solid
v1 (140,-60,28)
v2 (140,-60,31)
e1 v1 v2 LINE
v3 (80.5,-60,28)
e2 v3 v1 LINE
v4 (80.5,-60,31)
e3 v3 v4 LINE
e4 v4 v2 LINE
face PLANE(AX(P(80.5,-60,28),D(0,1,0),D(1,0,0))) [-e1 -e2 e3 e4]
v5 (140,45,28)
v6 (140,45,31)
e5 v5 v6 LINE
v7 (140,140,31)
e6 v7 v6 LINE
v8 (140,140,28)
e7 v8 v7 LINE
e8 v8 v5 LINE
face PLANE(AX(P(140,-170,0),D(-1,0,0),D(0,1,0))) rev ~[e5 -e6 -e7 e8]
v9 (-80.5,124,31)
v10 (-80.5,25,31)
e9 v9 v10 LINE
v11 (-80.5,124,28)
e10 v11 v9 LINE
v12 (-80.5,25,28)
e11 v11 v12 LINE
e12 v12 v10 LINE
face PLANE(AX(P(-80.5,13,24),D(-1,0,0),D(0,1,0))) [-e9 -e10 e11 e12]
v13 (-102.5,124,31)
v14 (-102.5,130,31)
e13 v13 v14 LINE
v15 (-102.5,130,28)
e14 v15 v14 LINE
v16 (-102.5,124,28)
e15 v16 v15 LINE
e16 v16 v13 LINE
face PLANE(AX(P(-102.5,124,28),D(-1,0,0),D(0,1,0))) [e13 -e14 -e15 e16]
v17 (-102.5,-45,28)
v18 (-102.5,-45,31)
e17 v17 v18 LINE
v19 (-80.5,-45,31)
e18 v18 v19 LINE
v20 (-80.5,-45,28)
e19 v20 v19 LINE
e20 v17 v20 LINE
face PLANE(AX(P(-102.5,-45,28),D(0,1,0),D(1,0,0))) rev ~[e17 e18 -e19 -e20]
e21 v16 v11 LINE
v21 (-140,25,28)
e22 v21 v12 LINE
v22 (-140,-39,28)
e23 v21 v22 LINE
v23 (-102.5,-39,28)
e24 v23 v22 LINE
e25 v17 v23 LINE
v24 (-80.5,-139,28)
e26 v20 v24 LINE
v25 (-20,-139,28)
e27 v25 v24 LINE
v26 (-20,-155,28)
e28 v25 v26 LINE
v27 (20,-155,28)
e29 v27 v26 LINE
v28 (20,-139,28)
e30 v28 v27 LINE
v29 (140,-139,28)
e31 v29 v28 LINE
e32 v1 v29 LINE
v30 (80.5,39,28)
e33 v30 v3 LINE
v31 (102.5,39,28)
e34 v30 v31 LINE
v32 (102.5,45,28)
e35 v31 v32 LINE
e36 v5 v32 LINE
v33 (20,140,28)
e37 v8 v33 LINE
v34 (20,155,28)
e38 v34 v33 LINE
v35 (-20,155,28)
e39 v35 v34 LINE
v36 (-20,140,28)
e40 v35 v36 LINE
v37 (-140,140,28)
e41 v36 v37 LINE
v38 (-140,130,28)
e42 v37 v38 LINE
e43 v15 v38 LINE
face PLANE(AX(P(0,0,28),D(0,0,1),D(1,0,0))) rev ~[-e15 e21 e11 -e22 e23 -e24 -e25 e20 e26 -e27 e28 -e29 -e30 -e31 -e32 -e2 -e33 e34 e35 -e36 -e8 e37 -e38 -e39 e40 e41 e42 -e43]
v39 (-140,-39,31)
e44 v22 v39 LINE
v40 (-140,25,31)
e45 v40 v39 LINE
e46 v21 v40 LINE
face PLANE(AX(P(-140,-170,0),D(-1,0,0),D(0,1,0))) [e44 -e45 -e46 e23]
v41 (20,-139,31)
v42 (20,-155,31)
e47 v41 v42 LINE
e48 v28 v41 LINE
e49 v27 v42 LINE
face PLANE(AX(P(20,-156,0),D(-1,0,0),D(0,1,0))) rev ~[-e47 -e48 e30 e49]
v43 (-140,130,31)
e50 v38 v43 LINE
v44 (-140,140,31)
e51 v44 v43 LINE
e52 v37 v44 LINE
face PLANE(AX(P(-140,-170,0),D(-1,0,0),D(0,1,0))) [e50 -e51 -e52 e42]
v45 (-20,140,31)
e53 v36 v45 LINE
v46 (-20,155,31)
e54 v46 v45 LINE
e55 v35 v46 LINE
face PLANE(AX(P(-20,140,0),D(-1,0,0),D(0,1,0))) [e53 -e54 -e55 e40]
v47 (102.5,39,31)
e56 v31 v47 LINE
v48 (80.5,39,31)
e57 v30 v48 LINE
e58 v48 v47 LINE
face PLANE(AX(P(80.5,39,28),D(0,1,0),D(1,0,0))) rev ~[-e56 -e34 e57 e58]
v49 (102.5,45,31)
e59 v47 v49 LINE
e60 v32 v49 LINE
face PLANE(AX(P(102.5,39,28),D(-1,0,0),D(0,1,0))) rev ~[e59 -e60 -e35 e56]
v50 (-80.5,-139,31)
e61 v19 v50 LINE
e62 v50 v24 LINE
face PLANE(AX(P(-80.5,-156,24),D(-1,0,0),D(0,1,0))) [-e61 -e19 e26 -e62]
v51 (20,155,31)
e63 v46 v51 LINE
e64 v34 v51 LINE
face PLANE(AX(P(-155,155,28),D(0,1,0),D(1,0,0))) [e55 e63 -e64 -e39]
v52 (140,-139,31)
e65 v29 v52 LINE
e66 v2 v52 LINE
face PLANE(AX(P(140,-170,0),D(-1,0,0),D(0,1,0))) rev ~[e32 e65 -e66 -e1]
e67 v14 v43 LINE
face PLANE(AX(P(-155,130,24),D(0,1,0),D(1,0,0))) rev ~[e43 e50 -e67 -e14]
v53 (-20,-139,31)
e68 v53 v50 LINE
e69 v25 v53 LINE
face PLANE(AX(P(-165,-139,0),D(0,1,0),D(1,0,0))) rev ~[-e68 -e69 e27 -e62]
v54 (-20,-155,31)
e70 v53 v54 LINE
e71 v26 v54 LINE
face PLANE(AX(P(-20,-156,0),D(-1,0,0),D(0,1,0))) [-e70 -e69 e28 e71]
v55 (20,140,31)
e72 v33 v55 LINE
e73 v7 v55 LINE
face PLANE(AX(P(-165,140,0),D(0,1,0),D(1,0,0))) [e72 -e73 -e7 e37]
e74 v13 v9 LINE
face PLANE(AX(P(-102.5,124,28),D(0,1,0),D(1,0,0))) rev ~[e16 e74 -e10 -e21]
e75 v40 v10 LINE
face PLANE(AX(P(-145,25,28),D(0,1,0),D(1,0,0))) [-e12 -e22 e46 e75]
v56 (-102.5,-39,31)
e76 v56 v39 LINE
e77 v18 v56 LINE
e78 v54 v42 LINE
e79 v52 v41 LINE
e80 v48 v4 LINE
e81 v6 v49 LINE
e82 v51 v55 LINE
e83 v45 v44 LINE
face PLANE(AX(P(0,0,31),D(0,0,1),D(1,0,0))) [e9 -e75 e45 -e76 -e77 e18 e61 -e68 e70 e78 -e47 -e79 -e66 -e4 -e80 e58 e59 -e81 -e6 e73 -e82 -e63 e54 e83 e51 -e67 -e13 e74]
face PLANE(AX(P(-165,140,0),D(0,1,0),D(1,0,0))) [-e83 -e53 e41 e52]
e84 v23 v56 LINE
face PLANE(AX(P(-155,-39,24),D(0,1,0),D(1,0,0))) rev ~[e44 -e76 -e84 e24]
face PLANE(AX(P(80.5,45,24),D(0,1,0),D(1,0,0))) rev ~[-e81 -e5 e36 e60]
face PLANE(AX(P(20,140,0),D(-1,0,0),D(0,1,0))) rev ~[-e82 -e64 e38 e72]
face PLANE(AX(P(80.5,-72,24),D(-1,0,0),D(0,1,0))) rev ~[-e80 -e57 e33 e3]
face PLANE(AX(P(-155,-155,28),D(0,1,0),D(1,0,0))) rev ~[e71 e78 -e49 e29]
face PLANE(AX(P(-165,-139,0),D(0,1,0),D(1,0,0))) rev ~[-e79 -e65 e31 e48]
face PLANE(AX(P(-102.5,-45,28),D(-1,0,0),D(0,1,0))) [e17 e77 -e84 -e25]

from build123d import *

# Parameters (mm, degrees)
BOX032_W     = 40
BOX032_H     = 17
BOX032_DEPTH = 40
BOX033_W     = 40
BOX033_H     = 17
BOX033_DEPTH = 40
BOX029_W     = 330
BOX029_H     = 20
BOX029_DEPTH = 40
BOX030_W     = 30
BOX030_H     = 330
BOX030_DEPTH = 40
BOX031_W     = 30
BOX031_H     = 330
BOX031_DEPTH = 40
BOX028_W     = 330
BOX028_H     = 20
BOX028_DEPTH = 40
BOX009_W     = 64.5
BOX009_H     = 12
BOX009_DEPTH = 3
BOX008_W     = 64.5
BOX008_H     = 10
BOX008_DEPTH = 3
BOX007_W     = 22
BOX007_H     = 6
BOX007_DEPTH = 3
BOX006_W     = 22
BOX006_H     = 6
BOX006_DEPTH = 3
BOX005_W     = 22
BOX005_H     = 6
BOX005_DEPTH = 3
BOX004_W     = 74.5
BOX004_H     = 117
BOX004_DEPTH = 10
BOX003_W     = 74.5
BOX003_H     = 117
BOX003_DEPTH = 10
BOX002_W     = 74.5
BOX002_H     = 117
BOX002_DEPTH = 10
BOX_W        = 310
BOX_H        = 310
BOX_DEPTH    = 3
BOX010_W     = 64.5
BOX010_H     = 12
BOX010_DEPTH = 3


with BuildPart() as cube031:
    # Box032 → Box032 (new body)
    with BuildSketch(Plane(origin=(-20, 140, 0), x_dir=(1, 0, 0), z_dir=(0, 0, 1))):
        with Locations((20, 8.5)):
            Rectangle(BOX032_W, BOX032_H)
    extrude(amount=BOX032_DEPTH)


with BuildPart() as fusion001010002020:
    # Box033 → Box033 (new body)
    with BuildSketch(Plane(origin=(-20, -156, 0), x_dir=(1, 0, 0), z_dir=(0, 0, 1))):
        with Locations((20, 8.5)):
            Rectangle(BOX033_W, BOX033_H)
    extrude(amount=BOX033_DEPTH)

    # Fusion001010002020: union Cube031
    add(cube031.part)


with BuildPart() as cube028:
    # Box029 → Box029 (new body)
    with BuildSketch(Plane(origin=(-165, -159, 0), x_dir=(1, 0, 0), z_dir=(0, 0, 1))):
        with Locations((165, 10)):
            Rectangle(BOX029_W, BOX029_H)
    extrude(amount=BOX029_DEPTH)


with BuildPart() as cube029:
    # Box030 → Box030 (new body)
    with BuildSketch(Plane(origin=(-170, -170, 0), x_dir=(1, 0, 0), z_dir=(0, 0, 1))):
        with Locations((15, 165)):
            Rectangle(BOX030_W, BOX030_H)
    extrude(amount=BOX030_DEPTH)


with BuildPart() as cube030:
    # Box031 → Box031 (new body)
    with BuildSketch(Plane(origin=(140, -170, 0), x_dir=(1, 0, 0), z_dir=(0, 0, 1))):
        with Locations((15, 165)):
            Rectangle(BOX031_W, BOX031_H)
    extrude(amount=BOX031_DEPTH)


with BuildPart() as cut007:
    # Box028 → Box028 (new body)
    with BuildSketch(Plane(origin=(-165, 140, 0), x_dir=(1, 0, 0), z_dir=(0, 0, 1))):
        with Locations((165, 10)):
            Rectangle(BOX028_W, BOX028_H)
    extrude(amount=BOX028_DEPTH)

    # Fusion001010002021: union Cube028, Cube029, Cube030
    add(cube028.part)
    add(cube029.part)
    add(cube030.part)

    # Cut007: cut Fusion001010002020
    add(fusion001010002020.part, mode=Mode.SUBTRACT)


with BuildPart() as cube008:
    # Box009 → Box009 (new body)
    with BuildSketch(Plane(origin=(80.5, -72, 28), x_dir=(1, 0, 0), z_dir=(0, 0, 1))):
        with Locations((32.25, 6)):
            Rectangle(BOX009_W, BOX009_H)
    extrude(amount=BOX009_DEPTH)


with BuildPart() as cube007:
    # Box008 → Box008 (new body)
    with BuildSketch(Plane(origin=(-145, -155, 28), x_dir=(1, 0, 0), z_dir=(0, 0, 1))):
        with Locations((32.25, 5)):
            Rectangle(BOX008_W, BOX008_H)
    extrude(amount=BOX008_DEPTH)


with BuildPart() as cube006:
    # Box007 → Box007 (new body)
    with BuildSketch(Plane(origin=(-102.5, 124, 28), x_dir=(1, 0, 0), z_dir=(0, 0, 1))):
        with Locations((11, 3)):
            Rectangle(BOX007_W, BOX007_H)
    extrude(amount=BOX007_DEPTH)


with BuildPart() as cube005:
    # Box006 → Box006 (new body)
    with BuildSketch(Plane(origin=(80.5, 39, 28), x_dir=(1, 0, 0), z_dir=(0, 0, 1))):
        with Locations((11, 3)):
            Rectangle(BOX006_W, BOX006_H)
    extrude(amount=BOX006_DEPTH)


with BuildPart() as cube004:
    # Box005 → Box005 (new body)
    with BuildSketch(Plane(origin=(-102.5, -45, 28), x_dir=(1, 0, 0), z_dir=(0, 0, 1))):
        with Locations((11, 3)):
            Rectangle(BOX005_W, BOX005_H)
    extrude(amount=BOX005_DEPTH)


with BuildPart() as cube003:
    # Box004 → Box004 (new body)
    with BuildSketch(Plane(origin=(-155, 13, 24), x_dir=(1, 0, 0), z_dir=(0, 0, 1))):
        with Locations((37.25, 58.5)):
            Rectangle(BOX004_W, BOX004_H)
    extrude(amount=BOX004_DEPTH)


with BuildPart() as cube002:
    # Box003 → Box003 (new body)
    with BuildSketch(Plane(origin=(-155, -156, 24), x_dir=(1, 0, 0), z_dir=(0, 0, 1))):
        with Locations((37.25, 58.5)):
            Rectangle(BOX003_W, BOX003_H)
    extrude(amount=BOX003_DEPTH)


with BuildPart() as fusion:
    # Box002 → Box002 (new body)
    with BuildSketch(Plane(origin=(80.5, -72, 24), x_dir=(1, 0, 0), z_dir=(0, 0, 1))):
        with Locations((37.25, 58.5)):
            Rectangle(BOX002_W, BOX002_H)
    extrude(amount=BOX002_DEPTH)

    # Fusion: union Cube003, Cube002
    add(cube003.part)
    add(cube002.part)


with BuildPart() as cut:
    # Box → Box (new body)
    with BuildSketch(Plane(origin=(-155, -155, 28), x_dir=(1, 0, 0), z_dir=(0, 0, 1))):
        with Locations((155, 155)):
            Rectangle(BOX_W, BOX_H)
    extrude(amount=BOX_DEPTH)

    # Cut: cut Fusion
    add(fusion.part, mode=Mode.SUBTRACT)


with BuildPart() as cut008:
    # Box010 → Box010 (new body)
    with BuildSketch(Plane(origin=(-145, 13, 28), x_dir=(1, 0, 0), z_dir=(0, 0, 1))):
        with Locations((32.25, 6)):
            Rectangle(BOX010_W, BOX010_H)
    extrude(amount=BOX010_DEPTH)

    # Fusion001003: union Cube008, Cube007, Cube006, Cube005, Cube004, Cut
    add(cube008.part)
    add(cube007.part)
    add(cube006.part)
    add(cube005.part)
    add(cube004.part)
    add(cut.part)

    # Cut008: cut Cut007
    add(cut007.part, mode=Mode.SUBTRACT)


solid = cut008.part
